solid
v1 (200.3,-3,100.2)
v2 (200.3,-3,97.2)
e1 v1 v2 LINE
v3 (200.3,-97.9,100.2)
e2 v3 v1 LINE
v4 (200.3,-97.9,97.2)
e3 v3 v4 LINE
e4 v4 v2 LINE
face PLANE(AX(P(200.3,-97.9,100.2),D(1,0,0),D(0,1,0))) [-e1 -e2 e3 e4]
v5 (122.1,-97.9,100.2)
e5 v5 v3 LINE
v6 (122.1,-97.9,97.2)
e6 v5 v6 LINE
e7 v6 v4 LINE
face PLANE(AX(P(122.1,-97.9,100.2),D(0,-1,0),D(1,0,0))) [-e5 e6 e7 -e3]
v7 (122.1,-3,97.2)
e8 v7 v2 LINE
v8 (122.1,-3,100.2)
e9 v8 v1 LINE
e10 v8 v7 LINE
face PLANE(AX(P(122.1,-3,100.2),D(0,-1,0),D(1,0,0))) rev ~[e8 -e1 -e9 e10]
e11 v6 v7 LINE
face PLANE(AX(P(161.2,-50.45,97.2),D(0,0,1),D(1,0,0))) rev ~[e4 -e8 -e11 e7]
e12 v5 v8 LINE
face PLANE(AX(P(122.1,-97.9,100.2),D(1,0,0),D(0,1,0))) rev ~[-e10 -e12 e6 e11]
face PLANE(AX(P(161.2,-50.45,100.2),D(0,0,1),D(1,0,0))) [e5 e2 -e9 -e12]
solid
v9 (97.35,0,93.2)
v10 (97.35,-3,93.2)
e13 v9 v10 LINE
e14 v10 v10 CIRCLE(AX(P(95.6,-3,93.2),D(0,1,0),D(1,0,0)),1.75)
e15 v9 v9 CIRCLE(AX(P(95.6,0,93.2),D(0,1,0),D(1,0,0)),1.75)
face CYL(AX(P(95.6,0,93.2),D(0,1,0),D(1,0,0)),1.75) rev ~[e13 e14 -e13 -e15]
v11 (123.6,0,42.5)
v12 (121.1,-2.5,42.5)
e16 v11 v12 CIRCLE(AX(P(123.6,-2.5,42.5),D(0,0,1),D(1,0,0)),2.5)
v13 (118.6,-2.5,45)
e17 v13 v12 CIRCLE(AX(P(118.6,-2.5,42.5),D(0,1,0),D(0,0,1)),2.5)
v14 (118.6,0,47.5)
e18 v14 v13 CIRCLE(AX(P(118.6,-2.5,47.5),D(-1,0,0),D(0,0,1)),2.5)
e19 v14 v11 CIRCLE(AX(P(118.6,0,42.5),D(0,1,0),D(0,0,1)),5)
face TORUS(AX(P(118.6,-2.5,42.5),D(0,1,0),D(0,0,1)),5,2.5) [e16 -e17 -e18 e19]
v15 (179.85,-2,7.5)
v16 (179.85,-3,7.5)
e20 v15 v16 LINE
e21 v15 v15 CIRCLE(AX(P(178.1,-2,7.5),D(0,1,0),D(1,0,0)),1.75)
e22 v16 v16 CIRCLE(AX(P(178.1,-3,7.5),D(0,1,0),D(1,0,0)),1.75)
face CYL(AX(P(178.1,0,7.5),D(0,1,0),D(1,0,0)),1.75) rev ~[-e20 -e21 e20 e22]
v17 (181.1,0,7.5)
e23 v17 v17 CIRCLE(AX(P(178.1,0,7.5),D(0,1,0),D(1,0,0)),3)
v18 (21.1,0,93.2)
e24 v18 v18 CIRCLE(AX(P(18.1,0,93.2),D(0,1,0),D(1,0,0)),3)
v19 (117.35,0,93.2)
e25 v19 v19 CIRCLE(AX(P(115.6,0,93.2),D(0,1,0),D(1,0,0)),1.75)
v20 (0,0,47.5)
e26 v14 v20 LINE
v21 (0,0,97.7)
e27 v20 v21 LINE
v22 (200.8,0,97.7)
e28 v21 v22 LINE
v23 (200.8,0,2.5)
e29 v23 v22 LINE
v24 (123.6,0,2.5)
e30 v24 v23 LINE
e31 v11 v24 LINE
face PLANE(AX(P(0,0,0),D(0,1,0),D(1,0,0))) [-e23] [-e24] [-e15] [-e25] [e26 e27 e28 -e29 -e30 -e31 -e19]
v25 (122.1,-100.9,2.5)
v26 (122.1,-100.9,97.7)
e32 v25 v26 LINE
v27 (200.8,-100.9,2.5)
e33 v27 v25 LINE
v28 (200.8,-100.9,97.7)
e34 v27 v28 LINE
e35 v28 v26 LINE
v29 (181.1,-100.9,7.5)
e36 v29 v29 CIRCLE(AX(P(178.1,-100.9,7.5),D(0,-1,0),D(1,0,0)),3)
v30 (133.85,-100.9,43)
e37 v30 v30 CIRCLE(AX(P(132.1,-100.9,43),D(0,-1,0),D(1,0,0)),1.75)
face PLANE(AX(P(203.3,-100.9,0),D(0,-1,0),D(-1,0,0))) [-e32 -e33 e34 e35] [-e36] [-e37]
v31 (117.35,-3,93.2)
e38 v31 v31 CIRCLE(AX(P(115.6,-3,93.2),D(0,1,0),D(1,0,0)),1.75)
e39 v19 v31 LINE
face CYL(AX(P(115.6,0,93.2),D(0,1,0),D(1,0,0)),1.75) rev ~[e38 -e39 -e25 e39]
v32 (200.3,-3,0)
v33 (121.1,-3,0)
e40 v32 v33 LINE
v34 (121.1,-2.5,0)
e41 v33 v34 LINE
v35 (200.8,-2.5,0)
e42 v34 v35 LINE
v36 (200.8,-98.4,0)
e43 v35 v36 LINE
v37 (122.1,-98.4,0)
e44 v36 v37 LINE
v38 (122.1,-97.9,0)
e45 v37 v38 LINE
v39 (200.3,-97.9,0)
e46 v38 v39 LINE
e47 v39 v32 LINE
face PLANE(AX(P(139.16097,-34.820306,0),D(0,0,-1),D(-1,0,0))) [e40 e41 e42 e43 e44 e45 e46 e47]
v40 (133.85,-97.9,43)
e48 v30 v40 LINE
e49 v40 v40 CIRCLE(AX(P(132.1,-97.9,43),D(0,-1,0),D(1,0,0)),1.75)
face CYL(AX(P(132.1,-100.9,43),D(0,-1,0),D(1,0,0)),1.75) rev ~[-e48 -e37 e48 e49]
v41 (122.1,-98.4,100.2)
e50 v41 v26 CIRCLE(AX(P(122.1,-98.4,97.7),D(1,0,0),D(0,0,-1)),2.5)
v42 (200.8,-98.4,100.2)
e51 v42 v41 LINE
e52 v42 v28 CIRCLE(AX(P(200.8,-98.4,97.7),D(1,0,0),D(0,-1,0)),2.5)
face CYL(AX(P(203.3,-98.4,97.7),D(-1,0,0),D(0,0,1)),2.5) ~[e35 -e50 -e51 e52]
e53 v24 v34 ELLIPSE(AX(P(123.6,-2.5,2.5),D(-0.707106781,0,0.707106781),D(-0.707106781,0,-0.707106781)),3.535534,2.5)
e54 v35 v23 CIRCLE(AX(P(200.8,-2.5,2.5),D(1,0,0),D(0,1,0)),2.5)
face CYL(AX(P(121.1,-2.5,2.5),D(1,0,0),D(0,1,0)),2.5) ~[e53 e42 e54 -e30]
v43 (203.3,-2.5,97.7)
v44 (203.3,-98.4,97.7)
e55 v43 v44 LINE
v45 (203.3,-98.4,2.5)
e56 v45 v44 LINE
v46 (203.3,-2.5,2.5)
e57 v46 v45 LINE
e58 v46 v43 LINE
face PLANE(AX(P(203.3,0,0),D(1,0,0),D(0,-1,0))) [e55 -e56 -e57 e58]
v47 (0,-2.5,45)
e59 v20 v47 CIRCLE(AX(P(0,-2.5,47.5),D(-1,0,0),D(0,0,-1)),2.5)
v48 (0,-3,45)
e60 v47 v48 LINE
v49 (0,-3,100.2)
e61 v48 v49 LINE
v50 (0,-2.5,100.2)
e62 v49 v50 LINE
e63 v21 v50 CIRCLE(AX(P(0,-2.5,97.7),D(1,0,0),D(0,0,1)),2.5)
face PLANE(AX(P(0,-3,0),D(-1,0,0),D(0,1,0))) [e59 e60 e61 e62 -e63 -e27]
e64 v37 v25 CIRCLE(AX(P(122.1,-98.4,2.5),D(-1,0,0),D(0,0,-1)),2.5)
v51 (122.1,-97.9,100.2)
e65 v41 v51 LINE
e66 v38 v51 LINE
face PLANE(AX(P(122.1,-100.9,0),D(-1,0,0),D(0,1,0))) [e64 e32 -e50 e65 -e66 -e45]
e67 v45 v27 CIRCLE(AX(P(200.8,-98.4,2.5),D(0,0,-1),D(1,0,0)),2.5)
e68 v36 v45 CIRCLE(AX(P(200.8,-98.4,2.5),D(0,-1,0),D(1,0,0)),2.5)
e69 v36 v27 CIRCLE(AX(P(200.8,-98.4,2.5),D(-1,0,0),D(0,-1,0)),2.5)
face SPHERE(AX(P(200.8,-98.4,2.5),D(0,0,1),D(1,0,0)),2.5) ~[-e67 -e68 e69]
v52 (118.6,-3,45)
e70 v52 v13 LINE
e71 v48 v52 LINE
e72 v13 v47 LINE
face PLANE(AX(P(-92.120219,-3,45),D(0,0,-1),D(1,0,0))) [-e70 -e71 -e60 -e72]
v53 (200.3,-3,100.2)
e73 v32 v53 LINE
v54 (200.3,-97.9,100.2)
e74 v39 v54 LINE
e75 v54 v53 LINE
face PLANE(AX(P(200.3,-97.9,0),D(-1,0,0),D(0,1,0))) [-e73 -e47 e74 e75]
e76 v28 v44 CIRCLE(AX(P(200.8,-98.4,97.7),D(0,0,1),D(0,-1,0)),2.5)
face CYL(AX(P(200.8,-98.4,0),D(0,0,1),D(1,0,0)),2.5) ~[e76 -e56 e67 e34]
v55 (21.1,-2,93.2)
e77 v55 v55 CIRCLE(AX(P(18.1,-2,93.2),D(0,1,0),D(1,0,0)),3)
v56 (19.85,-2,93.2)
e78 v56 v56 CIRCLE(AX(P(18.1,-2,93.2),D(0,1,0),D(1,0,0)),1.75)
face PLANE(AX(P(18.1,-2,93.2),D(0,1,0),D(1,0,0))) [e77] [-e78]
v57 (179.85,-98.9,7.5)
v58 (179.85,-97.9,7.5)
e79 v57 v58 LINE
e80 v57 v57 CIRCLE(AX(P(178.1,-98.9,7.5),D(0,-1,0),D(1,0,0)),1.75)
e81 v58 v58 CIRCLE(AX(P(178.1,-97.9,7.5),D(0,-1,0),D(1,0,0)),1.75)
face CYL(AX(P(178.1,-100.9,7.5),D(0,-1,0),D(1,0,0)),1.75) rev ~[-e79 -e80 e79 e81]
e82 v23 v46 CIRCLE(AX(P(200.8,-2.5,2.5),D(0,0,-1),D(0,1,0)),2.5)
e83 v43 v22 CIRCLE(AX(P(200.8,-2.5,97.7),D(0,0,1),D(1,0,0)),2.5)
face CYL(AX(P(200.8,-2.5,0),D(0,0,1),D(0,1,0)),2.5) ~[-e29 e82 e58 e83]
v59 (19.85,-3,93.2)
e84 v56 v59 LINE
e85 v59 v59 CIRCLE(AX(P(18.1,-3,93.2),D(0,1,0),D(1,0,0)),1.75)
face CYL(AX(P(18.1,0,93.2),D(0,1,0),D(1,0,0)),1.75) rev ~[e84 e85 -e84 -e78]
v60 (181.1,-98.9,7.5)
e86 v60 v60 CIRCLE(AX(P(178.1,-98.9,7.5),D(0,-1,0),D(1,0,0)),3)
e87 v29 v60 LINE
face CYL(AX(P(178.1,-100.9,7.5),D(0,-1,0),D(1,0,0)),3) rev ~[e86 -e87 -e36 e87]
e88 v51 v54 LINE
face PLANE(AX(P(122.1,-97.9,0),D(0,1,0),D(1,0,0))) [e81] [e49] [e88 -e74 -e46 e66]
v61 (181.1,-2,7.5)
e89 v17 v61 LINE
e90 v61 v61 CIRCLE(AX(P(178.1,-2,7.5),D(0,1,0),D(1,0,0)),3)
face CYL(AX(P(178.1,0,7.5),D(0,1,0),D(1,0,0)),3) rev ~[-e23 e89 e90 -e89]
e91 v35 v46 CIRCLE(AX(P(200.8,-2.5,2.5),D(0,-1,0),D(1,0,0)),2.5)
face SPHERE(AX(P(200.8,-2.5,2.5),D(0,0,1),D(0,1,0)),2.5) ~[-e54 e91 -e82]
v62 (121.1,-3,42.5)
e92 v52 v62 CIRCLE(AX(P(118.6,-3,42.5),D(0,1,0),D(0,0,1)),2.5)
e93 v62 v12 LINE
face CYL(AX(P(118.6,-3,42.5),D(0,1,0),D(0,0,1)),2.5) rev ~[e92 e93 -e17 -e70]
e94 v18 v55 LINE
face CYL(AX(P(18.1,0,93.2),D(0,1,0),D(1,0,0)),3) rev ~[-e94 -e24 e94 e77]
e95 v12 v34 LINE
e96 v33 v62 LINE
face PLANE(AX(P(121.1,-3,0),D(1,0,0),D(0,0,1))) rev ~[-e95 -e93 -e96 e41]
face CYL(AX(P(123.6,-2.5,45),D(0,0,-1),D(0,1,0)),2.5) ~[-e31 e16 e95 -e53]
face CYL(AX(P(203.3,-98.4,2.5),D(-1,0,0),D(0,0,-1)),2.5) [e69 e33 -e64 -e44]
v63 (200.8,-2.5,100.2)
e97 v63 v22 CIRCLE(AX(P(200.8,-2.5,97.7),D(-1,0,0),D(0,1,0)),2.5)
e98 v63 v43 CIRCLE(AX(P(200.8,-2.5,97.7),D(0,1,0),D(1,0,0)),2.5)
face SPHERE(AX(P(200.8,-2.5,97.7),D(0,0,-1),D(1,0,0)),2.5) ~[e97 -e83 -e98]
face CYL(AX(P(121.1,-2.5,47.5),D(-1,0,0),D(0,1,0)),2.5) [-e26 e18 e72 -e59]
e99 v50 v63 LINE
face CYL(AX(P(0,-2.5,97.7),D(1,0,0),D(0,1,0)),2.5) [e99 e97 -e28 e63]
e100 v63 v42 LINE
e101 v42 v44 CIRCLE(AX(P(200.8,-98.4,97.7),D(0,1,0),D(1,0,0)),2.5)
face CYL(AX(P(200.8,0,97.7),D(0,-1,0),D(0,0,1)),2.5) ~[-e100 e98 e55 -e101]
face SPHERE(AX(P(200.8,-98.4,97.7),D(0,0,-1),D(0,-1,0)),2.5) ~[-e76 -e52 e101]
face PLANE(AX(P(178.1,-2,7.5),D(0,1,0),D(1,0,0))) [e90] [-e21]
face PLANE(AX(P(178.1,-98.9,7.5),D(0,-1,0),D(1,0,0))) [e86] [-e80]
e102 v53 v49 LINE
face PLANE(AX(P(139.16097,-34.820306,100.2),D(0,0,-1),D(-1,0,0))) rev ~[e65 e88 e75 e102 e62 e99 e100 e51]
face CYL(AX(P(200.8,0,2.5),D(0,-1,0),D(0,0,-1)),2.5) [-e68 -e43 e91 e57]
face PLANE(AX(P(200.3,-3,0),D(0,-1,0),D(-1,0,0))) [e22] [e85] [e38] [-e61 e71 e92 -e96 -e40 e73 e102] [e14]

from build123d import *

# Parameters (mm, degrees)
MAIN_BODY_DEPTH              = 100.2
SKETCH4_R                    = 1.75
BACK_SCREW_HOLES_DEPTH       = 3
SKETCH5_R                    = 3
BACK_SCREW_HEADS_DEPTH       = 2
SKETCH7_W                    = 213.220218809
SKETCH7_H                    = 45
PAPER_THROUGH_HOLE_DEPTH     = 10
SKETCH8_W                    = 78.2
SKETCH8_H                    = 94.9
TOP_DEPTH                    = 3
SKETCH9_R                    = 1.75
FRONT_RIGHT_SCREW_HOLE_DEPTH = 3
SKETCH11_R                   = 3
FRONT_RIGHT_SCREW_HEAD_DEPTH = 2
SKETCH19_R                   = 1.75
LATCH_SCREW_HOLE_DEPTH       = 3
SKETCH20_R                   = 1.75
CUT_EXTRUDE1_DEPTH           = 10
FILLET2_R                    = 2.5


with BuildPart() as part:
    # Sketch1 → Main_Body (new body)
    with BuildSketch(Plane.XY):
        Polygon((0, 0), (203.3, 0), (203.3, -100.9), (122.1, -100.9), (122.1, -97.9), (200.3, -97.9), (200.3, -3), (0, -3), align=None)
    extrude(amount=MAIN_BODY_DEPTH)

    # Sketch4 → Back_Screw_Holes (cut)
    with BuildSketch(Plane(origin=(0, 0, 0), x_dir=(1, 0, 0), z_dir=(0, 1, 0))):
        with Locations((178.1, -7.5)):
            Circle(SKETCH4_R)
        with Locations((18.1, -7.5)):
            Circle(SKETCH4_R)
        with Locations((18.1, -93.2)):
            Circle(SKETCH4_R)
    extrude(amount=-BACK_SCREW_HOLES_DEPTH, mode=Mode.SUBTRACT)

    # Sketch5 → Back_Screw_Heads (cut)
    with BuildSketch(Plane(origin=(0, 0, 0), x_dir=(1, 0, 0), z_dir=(0, 1, 0))):
        with Locations((18.1, -7.5)):
            Circle(SKETCH5_R)
        with Locations((178.1, -7.5)):
            Circle(SKETCH5_R)
        with Locations((18.1, -93.2)):
            Circle(SKETCH5_R)
    extrude(amount=-BACK_SCREW_HEADS_DEPTH, mode=Mode.SUBTRACT)

    # Sketch7 → Paper_Through_Hole (cut)
    with BuildSketch(Plane.XZ.offset(3)):
        with Locations((14.489890596, 22.5)):
            Rectangle(SKETCH7_W, SKETCH7_H)
    extrude(amount=-PAPER_THROUGH_HOLE_DEPTH, mode=Mode.SUBTRACT)

    # Sketch9 → Front_Right_Screw_Hole (cut)
    with BuildSketch(Plane.XZ.offset(100.9)):
        with Locations((178.1, 7.5)):
            Circle(SKETCH9_R)
    extrude(amount=-FRONT_RIGHT_SCREW_HOLE_DEPTH, mode=Mode.SUBTRACT)

    # Sketch11 → Front_Right_Screw_Head (cut)
    with BuildSketch(Plane.XZ.offset(100.9)):
        with Locations((178.1, 7.5)):
            Circle(SKETCH11_R)
    extrude(amount=-FRONT_RIGHT_SCREW_HEAD_DEPTH, mode=Mode.SUBTRACT)

    # Sketch19 → Latch_Screw_Hole (cut)
    with BuildSketch(Plane.XZ.offset(100.9)):
        with Locations((132.1, 43)):
            Circle(SKETCH19_R)
    extrude(amount=-LATCH_SCREW_HOLE_DEPTH, mode=Mode.SUBTRACT)

    # Sketch20 → Cut-Extrude1 (cut)
    with BuildSketch(Plane(origin=(0, 0, 0), x_dir=(1, 0, 0), z_dir=(0, 1, 0))):
        with Locations((95.6, -93.2)):
            Circle(SKETCH20_R)
        with Locations((115.6, -93.2)):
            Circle(SKETCH20_R)
    extrude(amount=-CUT_EXTRUDE1_DEPTH, mode=Mode.SUBTRACT)

    # Fillet2
    fillet2_edges = [part.edges().sort_by_distance(p)[0] for p in [
        (203.3, 0, 50.1),
        (203.3, -100.9, 50.1),
        (162.7, -100.9, 100.2),
        (203.3, -50.45, 100.2),
        (101.65, 0, 100.2),
        (60.55, 0, 45),
        (121.1, 0, 22.5),
        (121.1, -1.5, 45),
        (162.2, 0, 0),
        (203.3, -50.45, 0),
        (162.7, -100.9, 0),
    ]]
    fillet(fillet2_edges, radius=FILLET2_R)


with BuildPart() as body_2:
    # Sketch8 → Top (new body)
    with BuildSketch(Plane.XY.offset(100.2)):
        with Locations((161.2, -50.45)):
            Rectangle(SKETCH8_W, SKETCH8_H)
    extrude(amount=-TOP_DEPTH)


solid = Compound([part.part, body_2.part])
